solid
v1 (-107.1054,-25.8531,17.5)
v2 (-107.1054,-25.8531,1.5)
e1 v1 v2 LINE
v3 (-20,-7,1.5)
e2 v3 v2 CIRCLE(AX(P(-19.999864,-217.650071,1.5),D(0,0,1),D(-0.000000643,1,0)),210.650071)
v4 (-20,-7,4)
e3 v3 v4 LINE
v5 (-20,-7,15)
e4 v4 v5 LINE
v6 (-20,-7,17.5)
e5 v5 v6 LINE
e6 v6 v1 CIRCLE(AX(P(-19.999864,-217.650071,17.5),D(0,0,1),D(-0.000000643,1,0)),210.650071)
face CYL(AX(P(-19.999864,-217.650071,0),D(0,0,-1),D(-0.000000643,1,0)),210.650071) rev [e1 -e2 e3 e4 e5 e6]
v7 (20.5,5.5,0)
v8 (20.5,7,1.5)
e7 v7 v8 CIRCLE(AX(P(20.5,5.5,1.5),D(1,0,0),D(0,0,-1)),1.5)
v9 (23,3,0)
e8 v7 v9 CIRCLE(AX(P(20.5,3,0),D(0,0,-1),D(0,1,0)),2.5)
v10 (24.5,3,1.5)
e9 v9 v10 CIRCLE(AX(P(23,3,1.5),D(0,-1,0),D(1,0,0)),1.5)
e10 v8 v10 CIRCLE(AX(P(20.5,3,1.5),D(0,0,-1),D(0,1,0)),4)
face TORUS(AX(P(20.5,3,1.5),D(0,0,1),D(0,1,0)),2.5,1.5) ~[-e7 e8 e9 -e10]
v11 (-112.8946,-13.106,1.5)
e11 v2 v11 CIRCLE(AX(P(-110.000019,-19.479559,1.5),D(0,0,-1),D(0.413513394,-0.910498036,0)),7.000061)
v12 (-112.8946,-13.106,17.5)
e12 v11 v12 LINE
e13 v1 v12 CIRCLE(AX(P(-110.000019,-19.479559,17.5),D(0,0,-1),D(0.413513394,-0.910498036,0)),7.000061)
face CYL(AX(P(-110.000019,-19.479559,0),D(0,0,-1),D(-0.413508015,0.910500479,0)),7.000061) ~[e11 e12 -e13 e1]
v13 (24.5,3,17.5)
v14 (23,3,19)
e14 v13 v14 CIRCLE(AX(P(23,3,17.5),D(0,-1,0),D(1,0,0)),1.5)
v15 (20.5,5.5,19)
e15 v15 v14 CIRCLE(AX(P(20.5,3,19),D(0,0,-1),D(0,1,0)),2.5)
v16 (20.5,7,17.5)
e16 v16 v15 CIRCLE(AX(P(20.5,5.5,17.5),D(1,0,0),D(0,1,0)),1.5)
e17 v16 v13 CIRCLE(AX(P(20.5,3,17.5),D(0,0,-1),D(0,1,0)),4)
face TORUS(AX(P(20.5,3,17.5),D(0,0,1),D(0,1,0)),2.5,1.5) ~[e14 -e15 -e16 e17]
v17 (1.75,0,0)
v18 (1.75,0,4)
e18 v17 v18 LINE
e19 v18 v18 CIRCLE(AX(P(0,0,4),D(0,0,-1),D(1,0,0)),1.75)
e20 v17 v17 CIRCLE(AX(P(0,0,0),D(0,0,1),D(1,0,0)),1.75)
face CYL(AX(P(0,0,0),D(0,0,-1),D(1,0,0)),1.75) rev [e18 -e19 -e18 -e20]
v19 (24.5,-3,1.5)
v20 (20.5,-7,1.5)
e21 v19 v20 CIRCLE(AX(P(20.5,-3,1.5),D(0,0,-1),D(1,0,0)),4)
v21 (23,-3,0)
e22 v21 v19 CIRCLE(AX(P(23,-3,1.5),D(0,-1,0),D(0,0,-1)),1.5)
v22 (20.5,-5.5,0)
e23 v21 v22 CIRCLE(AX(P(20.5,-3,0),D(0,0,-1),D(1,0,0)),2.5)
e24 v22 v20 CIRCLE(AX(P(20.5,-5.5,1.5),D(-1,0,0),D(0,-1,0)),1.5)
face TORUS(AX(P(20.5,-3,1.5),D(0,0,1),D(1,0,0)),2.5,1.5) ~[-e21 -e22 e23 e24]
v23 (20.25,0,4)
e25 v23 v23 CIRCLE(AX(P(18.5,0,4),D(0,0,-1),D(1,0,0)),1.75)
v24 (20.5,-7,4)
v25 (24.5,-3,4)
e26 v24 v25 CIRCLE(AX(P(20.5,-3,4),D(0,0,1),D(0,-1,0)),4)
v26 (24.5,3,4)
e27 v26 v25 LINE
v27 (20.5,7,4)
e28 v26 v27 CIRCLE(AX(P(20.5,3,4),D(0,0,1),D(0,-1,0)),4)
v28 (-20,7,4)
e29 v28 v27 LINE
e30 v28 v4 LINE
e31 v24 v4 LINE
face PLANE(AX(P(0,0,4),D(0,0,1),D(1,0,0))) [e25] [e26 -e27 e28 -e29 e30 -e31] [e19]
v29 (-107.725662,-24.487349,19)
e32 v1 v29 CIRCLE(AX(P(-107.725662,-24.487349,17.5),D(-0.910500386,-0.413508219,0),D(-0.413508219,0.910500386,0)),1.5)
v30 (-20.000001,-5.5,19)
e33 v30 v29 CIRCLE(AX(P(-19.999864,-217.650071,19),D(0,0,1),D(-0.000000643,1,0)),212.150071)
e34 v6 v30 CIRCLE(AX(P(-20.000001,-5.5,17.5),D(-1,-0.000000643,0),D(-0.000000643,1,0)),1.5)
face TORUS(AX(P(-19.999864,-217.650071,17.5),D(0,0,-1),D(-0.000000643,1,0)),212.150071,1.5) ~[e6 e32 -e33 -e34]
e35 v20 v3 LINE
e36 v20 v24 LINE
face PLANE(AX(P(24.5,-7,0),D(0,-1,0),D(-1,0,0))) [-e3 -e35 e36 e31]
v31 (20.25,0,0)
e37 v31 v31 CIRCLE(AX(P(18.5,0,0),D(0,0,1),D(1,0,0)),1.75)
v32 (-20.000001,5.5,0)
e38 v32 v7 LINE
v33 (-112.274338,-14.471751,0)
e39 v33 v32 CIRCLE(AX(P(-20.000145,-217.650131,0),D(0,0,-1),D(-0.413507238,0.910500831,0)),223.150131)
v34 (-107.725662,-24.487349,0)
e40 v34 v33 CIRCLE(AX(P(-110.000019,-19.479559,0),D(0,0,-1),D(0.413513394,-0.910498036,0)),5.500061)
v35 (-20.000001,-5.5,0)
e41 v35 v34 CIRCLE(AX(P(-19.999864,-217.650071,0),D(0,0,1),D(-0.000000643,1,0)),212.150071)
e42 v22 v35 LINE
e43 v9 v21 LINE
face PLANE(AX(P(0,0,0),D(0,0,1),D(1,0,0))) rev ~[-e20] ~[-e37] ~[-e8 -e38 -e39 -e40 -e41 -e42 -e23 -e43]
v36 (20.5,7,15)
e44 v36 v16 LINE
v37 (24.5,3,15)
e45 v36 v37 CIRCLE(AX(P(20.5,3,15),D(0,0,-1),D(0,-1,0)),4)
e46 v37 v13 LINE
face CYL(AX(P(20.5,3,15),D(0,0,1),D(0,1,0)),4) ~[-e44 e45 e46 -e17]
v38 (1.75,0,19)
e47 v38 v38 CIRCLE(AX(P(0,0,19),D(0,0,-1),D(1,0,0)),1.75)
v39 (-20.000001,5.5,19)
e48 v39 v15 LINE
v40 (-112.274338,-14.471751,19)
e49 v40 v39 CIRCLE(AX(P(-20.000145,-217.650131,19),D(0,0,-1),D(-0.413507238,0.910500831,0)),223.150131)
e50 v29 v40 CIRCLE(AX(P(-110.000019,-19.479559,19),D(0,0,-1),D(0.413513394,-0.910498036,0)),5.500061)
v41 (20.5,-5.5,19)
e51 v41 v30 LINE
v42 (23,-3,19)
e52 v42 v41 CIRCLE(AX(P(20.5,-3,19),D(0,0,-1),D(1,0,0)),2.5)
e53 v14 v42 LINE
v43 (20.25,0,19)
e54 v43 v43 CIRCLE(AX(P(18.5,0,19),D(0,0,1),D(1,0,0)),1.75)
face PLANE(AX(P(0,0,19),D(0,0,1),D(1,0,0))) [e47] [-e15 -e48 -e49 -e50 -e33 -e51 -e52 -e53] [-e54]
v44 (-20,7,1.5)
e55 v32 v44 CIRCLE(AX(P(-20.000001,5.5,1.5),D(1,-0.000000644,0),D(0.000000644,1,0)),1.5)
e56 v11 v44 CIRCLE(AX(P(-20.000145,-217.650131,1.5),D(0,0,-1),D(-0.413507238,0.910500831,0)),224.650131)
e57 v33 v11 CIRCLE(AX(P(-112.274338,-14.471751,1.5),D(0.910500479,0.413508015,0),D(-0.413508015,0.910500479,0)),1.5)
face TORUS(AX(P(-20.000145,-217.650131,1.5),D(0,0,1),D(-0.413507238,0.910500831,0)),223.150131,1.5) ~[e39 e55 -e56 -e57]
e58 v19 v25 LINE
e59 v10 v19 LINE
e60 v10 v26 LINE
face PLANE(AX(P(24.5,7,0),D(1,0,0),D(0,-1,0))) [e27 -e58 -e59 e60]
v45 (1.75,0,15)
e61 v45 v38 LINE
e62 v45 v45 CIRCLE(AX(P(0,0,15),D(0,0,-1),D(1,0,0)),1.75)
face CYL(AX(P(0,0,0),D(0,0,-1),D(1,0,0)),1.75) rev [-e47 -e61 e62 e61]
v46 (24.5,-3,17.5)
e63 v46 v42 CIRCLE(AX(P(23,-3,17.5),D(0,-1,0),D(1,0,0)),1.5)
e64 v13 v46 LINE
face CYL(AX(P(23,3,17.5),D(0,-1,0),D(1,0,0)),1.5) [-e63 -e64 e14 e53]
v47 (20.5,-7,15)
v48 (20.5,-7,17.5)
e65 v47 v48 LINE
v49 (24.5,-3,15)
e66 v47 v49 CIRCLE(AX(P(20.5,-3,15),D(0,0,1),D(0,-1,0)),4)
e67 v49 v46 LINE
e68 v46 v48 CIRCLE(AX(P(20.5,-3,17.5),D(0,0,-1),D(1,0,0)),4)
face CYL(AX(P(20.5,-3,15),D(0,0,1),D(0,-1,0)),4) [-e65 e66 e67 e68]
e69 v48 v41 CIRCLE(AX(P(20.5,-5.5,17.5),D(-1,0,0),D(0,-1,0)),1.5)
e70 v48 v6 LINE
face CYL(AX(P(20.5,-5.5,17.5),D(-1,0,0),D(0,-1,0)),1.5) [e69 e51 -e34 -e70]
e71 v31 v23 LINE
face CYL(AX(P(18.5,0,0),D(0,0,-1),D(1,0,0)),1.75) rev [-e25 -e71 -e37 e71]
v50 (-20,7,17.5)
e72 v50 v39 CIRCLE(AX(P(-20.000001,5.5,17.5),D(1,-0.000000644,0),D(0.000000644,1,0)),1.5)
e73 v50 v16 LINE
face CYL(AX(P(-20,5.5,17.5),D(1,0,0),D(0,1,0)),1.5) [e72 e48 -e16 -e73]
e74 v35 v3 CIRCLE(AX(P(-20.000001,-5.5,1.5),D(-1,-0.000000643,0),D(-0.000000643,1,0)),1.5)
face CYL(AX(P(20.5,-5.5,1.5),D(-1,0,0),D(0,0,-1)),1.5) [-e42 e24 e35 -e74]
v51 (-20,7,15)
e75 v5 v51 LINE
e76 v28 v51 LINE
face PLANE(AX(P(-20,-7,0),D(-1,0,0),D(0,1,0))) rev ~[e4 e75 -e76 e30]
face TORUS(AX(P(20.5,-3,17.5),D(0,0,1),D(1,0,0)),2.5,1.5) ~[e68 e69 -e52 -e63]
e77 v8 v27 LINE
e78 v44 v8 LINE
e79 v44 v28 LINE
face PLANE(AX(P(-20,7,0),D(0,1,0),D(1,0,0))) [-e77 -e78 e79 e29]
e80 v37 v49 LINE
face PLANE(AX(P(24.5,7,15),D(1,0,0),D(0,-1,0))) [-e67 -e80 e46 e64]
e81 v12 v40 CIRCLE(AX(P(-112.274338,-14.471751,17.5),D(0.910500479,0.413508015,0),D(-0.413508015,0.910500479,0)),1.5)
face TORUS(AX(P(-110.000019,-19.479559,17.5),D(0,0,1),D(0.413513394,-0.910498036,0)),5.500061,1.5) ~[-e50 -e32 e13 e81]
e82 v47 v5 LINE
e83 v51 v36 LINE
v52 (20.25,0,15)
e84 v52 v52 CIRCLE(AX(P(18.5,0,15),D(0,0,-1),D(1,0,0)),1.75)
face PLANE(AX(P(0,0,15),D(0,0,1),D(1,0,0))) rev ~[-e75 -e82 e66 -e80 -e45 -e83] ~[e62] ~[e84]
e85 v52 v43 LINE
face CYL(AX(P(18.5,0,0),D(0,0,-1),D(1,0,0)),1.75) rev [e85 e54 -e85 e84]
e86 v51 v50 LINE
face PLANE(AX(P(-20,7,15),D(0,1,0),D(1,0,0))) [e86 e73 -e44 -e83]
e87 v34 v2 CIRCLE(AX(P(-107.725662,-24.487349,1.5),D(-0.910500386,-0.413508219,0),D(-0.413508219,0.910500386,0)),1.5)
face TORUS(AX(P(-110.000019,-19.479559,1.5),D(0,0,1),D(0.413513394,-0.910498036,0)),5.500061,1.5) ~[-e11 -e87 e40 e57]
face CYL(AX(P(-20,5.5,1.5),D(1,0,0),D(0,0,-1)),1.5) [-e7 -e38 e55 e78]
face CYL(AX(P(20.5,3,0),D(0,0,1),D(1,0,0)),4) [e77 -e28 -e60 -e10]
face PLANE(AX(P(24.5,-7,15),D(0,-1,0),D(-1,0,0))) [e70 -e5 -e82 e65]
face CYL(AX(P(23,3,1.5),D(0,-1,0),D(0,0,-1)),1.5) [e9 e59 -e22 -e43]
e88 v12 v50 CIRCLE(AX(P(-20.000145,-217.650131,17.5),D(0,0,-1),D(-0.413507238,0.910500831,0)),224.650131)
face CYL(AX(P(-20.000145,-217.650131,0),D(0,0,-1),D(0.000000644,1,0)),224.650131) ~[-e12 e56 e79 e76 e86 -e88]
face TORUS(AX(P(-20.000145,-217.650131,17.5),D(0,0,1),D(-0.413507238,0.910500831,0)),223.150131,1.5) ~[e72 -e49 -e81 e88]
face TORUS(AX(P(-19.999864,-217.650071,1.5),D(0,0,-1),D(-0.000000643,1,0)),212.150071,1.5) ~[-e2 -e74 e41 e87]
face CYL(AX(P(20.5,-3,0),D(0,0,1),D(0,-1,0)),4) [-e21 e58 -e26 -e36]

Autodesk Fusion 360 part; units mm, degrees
sketch "Sketch1" plane through (0, 0, 0) normal (0, 0, 1) x (1, 0, 0)
  circle A0 centre (0, 0) radius 1.75
  circle A1 centre (18.5, 0) radius 1.75
  line L0 (-20, 7) -> (24.5, 7)
  line L1 (24.5, 7) -> (24.5, -7)
  line L2 (24.5, -7) -> (-20, -7)
  line L3 (-20, -7) -> (-20, 7)
  arc A2 (-20, -7) -> (-107.1054, -25.8531) centre (-20, -217.6501) ccw
  arc A3 (-20, -7) -> (-20, 7) centre (-20, 0) ccw
  arc A4 (-20, 7) -> (-112.8946, -13.106) centre (-20, -217.6501) ccw
  arc A5 (-112.8946, -13.106) -> (-107.1054, -25.8531) centre (-110, -19.4796) ccw
  arc A6 (-20, 0) -> (-110, -19.4796) centre (-20, -217.6501) ccw construction
  dimension "d1" = 3.5
  dimension "d2" = 3.5
  dimension "d3" = 18.5
  dimension "d4" = 6
  dimension "d5" = 7
  dimension "d6" = 7
  dimension "d7" = 20
extrude "Extrude1" add sketch "Sketch1" along normal blind 4 contours A0 | A1 | L3 A3 | L0 L1 L2 A3 | L3 A2 A4 A5
extrude "Extrude2" add sketch "Sketch1" along normal blind 19 contours L3 A2 A4 A5
extrude "Extrude3" add sketch "Sketch1" along normal blind 4 from surface at 15 contours A0 | A1 | L3 A3 | L0 L1 L2 A3 | L3 A2 A4 A5
extrude "Extrude4" cut sketch "Sketch1" along normal blind 35 contours A0
extrude "Extrude5" cut sketch "Sketch1" along normal blind 19 contours A1
fillet "Fillet1" radius 4 4 edges at (24.5, -7, 17) (24.5, -7, 2) (24.5, 7, 17) (24.5, 7, 2)
fillet "Fillet2" radius 1.5 16 edges at (-64.5612, -11.7672, 19) (0.25, -7, 19) (23.3284, -5.8284, 19) (24.5, 0, 19) (23.3284, 5.8284, 19) (0.25, 7, 19) (-67.5228, 1.916, 19) (-116.3735, -22.3741, 19) (-64.5612, -11.7672, 0) (0.25, -7, 0) (23.3284, -5.8284, 0) (24.5, 0, 0) (23.3284, 5.8284, 0) (0.25, 7, 0) (-67.5228, 1.916, 0) (-116.3735, -22.3741, 0)
